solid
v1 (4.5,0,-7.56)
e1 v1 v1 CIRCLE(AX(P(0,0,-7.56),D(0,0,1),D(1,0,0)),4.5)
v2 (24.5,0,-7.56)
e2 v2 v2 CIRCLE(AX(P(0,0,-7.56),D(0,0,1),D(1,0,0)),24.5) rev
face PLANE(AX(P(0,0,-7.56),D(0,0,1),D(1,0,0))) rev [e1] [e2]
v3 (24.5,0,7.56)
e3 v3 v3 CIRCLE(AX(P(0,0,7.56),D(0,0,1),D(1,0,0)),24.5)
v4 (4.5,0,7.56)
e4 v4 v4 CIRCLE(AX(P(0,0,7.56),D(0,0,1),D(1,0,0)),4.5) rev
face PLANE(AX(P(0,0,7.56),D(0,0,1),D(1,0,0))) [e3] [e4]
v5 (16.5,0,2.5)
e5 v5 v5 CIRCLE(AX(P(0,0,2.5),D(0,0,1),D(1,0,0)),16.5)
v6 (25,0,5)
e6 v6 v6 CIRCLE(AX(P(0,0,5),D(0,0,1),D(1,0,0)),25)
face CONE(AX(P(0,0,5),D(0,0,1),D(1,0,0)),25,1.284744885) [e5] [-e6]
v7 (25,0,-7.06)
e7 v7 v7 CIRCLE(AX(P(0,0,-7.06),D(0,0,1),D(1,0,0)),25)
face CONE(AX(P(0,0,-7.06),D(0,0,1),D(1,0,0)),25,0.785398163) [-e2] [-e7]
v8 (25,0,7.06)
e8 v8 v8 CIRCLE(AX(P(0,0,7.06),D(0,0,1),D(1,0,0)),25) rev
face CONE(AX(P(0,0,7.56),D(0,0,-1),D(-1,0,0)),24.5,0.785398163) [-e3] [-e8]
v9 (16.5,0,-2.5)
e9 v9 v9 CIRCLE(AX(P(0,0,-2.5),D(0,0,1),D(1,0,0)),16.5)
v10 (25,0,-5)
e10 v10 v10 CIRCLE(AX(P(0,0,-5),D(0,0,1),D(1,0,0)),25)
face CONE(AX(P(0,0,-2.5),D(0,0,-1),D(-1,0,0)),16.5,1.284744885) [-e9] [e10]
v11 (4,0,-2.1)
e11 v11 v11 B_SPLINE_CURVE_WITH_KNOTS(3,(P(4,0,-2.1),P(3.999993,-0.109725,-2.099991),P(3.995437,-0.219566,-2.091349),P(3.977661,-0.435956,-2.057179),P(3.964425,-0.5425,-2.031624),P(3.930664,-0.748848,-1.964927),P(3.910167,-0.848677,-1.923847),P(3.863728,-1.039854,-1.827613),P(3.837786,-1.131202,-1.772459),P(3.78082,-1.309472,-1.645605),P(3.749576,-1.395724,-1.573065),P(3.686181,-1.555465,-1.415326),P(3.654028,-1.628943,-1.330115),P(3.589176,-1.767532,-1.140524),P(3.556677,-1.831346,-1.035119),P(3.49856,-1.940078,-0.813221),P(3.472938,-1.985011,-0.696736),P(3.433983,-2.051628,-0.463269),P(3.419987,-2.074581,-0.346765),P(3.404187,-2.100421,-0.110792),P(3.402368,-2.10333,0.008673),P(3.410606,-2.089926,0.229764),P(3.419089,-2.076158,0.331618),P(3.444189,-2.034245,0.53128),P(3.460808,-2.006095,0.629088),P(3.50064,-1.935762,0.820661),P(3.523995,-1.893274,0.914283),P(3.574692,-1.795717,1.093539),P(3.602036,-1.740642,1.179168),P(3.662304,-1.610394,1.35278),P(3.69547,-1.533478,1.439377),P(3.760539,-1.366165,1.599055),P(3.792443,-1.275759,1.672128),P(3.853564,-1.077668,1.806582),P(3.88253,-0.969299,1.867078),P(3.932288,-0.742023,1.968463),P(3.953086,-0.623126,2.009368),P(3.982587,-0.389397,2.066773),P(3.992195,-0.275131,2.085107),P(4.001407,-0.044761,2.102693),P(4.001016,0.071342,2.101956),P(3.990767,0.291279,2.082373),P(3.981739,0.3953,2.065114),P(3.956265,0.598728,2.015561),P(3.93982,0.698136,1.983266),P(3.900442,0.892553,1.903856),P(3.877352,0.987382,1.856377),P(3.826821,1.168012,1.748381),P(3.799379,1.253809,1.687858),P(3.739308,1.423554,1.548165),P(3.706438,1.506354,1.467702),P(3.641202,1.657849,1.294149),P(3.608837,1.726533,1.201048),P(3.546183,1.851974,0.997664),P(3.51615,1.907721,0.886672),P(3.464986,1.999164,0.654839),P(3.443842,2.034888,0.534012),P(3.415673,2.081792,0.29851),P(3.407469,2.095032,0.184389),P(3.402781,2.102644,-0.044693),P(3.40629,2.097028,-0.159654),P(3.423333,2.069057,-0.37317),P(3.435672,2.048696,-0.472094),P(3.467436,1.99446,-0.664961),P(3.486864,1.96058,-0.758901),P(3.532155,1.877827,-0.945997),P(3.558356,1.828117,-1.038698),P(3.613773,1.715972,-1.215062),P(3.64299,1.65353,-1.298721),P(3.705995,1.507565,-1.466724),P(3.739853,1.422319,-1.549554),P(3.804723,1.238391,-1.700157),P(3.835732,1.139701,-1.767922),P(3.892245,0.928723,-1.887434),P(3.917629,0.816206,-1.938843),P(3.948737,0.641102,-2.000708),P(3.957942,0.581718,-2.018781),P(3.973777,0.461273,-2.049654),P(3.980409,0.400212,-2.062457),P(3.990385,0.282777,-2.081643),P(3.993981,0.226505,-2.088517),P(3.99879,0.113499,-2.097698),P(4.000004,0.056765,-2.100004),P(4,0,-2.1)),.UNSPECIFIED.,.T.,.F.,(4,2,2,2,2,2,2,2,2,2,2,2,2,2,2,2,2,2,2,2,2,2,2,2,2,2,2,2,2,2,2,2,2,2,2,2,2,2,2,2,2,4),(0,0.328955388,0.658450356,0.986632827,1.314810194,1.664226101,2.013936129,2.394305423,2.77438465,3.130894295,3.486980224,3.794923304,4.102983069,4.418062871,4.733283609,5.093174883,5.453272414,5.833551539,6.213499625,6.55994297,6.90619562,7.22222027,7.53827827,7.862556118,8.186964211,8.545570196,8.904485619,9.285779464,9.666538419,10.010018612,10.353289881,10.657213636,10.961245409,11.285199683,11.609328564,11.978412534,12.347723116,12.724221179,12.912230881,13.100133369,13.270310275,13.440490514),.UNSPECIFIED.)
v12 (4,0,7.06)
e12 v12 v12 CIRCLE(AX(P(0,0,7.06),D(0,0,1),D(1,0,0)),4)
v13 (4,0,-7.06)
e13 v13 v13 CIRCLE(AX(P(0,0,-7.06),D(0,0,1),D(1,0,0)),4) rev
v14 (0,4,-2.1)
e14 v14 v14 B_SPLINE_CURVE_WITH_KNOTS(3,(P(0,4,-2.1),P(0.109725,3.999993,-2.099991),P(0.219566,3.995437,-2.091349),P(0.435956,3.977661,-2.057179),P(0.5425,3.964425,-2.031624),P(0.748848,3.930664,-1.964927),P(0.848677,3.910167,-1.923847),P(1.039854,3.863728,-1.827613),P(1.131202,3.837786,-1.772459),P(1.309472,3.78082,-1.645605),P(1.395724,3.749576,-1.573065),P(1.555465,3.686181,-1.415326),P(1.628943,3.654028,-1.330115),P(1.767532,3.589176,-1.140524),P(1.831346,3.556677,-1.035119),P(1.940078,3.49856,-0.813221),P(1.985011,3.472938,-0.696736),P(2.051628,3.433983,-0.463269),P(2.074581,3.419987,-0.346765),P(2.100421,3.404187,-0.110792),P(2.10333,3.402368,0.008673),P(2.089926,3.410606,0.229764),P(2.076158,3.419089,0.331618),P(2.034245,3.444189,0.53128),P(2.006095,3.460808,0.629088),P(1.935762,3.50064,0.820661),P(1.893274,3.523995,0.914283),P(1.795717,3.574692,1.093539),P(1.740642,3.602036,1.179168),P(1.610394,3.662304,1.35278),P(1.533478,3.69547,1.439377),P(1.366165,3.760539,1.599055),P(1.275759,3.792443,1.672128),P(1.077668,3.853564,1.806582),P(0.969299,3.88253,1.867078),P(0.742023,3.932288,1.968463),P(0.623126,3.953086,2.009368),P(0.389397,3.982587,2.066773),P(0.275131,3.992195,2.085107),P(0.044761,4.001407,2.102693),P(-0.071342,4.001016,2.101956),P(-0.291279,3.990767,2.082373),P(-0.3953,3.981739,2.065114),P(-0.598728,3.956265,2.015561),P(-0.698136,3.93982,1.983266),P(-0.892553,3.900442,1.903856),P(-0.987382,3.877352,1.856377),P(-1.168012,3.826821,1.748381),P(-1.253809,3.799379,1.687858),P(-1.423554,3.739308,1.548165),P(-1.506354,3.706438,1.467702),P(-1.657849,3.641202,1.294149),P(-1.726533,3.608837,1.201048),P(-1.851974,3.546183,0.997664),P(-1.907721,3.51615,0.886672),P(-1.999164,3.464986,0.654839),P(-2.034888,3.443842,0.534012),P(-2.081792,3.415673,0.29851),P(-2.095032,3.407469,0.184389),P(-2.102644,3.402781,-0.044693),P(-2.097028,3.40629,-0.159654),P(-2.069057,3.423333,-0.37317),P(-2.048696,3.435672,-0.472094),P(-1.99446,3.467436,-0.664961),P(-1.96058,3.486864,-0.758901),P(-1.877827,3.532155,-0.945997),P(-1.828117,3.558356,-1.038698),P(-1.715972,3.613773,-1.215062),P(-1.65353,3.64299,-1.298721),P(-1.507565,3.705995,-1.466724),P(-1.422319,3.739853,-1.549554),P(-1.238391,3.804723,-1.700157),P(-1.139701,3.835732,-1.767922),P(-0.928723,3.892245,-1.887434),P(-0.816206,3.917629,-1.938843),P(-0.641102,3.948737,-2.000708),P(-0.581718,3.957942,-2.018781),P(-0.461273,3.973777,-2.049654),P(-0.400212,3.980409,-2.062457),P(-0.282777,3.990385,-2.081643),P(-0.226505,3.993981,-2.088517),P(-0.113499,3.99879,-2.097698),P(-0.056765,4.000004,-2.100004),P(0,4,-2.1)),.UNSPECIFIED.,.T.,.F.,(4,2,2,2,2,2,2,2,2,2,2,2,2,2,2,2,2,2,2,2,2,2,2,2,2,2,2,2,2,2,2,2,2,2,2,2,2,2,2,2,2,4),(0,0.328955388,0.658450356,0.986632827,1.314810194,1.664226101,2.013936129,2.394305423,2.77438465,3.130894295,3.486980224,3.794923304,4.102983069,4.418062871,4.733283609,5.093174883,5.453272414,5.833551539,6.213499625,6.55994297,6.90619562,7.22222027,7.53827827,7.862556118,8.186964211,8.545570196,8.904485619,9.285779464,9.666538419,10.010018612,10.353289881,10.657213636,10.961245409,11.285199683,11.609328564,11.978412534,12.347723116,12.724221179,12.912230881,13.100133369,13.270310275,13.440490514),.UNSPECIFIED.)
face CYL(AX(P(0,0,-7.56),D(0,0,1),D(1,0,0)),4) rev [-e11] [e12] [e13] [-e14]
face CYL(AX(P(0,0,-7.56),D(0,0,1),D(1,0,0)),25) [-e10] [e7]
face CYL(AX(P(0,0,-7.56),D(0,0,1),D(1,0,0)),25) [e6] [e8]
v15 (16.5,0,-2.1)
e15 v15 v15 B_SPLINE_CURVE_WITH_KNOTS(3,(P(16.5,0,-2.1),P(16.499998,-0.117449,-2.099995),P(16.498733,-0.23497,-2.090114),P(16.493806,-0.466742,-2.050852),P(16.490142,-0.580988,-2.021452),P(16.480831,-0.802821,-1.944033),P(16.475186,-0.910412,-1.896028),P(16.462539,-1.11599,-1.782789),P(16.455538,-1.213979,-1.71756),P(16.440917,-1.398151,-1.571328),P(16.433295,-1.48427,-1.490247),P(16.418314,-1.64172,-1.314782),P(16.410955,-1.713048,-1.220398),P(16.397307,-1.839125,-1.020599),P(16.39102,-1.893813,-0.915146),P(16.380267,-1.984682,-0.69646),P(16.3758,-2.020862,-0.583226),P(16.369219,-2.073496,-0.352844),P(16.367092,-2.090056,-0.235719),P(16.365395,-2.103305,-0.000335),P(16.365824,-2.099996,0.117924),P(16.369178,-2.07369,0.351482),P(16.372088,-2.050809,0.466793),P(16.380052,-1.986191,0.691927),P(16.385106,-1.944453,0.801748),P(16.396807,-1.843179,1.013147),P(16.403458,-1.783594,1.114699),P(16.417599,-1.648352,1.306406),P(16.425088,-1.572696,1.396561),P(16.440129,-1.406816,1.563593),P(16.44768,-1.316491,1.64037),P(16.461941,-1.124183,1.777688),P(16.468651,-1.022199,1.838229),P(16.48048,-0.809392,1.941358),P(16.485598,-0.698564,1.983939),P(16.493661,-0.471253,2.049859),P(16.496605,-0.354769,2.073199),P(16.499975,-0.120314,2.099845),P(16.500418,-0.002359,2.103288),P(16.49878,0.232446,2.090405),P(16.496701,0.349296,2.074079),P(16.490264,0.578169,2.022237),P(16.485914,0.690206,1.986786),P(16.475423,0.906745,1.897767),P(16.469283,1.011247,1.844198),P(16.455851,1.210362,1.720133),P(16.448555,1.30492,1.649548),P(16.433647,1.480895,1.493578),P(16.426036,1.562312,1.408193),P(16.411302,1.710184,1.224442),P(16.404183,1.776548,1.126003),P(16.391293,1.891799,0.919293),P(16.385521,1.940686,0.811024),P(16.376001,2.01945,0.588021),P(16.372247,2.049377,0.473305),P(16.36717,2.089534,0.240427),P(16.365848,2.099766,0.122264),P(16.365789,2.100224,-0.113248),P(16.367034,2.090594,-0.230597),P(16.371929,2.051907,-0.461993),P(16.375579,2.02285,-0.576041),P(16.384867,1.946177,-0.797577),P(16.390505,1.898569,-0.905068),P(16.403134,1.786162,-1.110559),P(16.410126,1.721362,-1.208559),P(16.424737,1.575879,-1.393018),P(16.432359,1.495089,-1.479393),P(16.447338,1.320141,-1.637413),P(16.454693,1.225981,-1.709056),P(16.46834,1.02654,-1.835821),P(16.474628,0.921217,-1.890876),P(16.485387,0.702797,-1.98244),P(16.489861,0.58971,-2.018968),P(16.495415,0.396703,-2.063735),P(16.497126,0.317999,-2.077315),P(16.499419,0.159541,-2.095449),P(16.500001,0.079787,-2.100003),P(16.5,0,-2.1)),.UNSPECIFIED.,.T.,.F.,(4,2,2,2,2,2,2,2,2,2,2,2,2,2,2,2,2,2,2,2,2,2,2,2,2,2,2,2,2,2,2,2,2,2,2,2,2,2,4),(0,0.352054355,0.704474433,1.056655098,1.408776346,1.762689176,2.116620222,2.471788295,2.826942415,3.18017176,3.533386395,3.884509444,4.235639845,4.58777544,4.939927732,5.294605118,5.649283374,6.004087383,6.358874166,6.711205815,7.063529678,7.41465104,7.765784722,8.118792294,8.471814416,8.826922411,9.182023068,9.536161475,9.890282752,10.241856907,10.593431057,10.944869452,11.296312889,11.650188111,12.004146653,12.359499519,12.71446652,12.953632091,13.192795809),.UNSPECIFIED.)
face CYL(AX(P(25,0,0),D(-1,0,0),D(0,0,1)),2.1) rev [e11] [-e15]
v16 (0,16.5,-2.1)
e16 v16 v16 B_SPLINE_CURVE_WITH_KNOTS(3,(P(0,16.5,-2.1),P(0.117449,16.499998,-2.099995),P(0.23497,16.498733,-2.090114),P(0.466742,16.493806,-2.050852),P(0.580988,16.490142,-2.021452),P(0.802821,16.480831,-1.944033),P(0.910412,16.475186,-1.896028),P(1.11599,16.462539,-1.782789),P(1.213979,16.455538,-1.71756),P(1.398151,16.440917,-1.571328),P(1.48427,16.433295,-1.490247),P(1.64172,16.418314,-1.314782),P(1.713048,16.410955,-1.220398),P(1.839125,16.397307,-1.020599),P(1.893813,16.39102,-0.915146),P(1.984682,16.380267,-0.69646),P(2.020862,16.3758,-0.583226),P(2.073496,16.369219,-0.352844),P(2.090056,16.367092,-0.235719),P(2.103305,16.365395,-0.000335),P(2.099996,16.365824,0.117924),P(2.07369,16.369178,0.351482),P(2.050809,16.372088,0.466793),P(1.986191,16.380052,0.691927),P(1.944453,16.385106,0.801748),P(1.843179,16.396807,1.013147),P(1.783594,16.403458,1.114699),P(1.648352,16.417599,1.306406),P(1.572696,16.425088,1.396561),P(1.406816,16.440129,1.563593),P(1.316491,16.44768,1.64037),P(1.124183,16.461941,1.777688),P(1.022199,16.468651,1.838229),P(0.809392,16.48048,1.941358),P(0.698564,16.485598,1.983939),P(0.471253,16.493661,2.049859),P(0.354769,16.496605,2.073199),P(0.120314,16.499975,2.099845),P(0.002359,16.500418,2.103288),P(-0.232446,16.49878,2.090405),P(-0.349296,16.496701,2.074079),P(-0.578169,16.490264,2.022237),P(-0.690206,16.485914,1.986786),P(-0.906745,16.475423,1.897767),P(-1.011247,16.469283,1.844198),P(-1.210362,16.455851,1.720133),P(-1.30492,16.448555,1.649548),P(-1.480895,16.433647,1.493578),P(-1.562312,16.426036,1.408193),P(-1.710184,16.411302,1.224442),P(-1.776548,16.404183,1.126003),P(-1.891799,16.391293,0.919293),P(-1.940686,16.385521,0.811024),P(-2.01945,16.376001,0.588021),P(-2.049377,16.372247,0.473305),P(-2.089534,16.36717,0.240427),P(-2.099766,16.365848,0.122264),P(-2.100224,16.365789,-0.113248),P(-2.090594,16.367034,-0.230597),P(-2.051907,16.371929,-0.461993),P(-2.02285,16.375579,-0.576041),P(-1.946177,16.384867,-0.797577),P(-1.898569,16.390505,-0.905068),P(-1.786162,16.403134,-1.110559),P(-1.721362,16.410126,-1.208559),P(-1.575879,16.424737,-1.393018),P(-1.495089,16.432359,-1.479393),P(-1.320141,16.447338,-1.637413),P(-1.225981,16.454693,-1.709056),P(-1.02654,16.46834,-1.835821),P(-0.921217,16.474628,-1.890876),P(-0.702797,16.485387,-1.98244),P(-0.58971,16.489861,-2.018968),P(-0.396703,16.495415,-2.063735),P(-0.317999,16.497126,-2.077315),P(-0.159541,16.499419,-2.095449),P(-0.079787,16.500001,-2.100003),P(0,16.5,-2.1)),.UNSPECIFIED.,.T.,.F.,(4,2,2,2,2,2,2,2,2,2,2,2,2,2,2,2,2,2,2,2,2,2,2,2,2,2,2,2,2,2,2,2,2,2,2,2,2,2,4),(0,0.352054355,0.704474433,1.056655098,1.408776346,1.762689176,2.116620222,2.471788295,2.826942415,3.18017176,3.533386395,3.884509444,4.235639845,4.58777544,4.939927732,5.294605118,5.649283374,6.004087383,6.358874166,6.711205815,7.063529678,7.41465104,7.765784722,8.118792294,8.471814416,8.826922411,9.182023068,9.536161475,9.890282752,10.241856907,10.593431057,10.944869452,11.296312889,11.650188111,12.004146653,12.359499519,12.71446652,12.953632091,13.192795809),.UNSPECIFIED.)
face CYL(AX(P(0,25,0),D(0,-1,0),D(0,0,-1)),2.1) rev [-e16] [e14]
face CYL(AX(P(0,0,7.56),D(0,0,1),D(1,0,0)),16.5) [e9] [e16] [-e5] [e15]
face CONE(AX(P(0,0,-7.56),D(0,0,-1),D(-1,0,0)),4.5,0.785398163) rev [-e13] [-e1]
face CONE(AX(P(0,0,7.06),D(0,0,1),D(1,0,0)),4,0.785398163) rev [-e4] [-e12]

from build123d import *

# Parameters (mm, degrees)
EXTRUDE_1_DEPTH      = 7.56
EXTRUDE_1_DEPTH_BACK = 7.56
SKETCH_1_R           = 25
SKETCH_1_R_2         = 4
SKETCH_4_R           = 2.1
CUT_EXTRUDE_1_DEPTH  = 37.15457924
SKETCH_5_R           = 2.1
CUT_EXTRUDE_2_DEPTH  = 37.154579261
CHAMFER_1_SIZE       = 0.5


with BuildPart() as part:
    # 草图1 → 凸台-拉伸1 (new, two sides: drawn at the far end of the back side and taken through both)
    with BuildSketch(Plane.XY.offset(-EXTRUDE_1_DEPTH_BACK)):
        Circle(SKETCH_1_R)
        Circle(SKETCH_1_R_2, mode=Mode.SUBTRACT)
    extrude(amount=EXTRUDE_1_DEPTH + EXTRUDE_1_DEPTH_BACK)

    # 草图3 → 切除-旋转2 (revolve, cut)
    with BuildSketch(Plane(origin=(0, 0, 0), x_dir=(0, 0, -1), z_dir=(1, 0, 0))):
        Polygon((-5, 25), (5, 25), (2.5, 16.5), (-2.5, 16.5), align=None)
    revolve(axis=Axis((0, 0, 7.56), (0, 0, -1)), mode=Mode.SUBTRACT)

    # 草图4 → 切除-拉伸1 (cut, through all)
    with BuildSketch(Plane(origin=(0, 0, 0), x_dir=(1, 0, 0), z_dir=(0, 1, 0))):
        Circle(SKETCH_4_R)
    extrude(amount=CUT_EXTRUDE_1_DEPTH, mode=Mode.SUBTRACT)

    # 草图5 → 切除-拉伸2 (cut, through all)
    with BuildSketch(Plane(origin=(0, 0, 0), x_dir=(0, 0, -1), z_dir=(1, 0, 0))):
        Circle(SKETCH_5_R)
    extrude(amount=CUT_EXTRUDE_2_DEPTH, mode=Mode.SUBTRACT)

    # 倒角1
    chamfer_1_edges = [part.edges().sort_by_distance(p)[0] for p in [
        (-4, 0, 7.56),
        (-4, 0, -7.56),
        (-25, 0, -7.56),
        (-25, 0, 7.56),
    ]]
    chamfer(chamfer_1_edges, length=CHAMFER_1_SIZE)


solid = part.part
